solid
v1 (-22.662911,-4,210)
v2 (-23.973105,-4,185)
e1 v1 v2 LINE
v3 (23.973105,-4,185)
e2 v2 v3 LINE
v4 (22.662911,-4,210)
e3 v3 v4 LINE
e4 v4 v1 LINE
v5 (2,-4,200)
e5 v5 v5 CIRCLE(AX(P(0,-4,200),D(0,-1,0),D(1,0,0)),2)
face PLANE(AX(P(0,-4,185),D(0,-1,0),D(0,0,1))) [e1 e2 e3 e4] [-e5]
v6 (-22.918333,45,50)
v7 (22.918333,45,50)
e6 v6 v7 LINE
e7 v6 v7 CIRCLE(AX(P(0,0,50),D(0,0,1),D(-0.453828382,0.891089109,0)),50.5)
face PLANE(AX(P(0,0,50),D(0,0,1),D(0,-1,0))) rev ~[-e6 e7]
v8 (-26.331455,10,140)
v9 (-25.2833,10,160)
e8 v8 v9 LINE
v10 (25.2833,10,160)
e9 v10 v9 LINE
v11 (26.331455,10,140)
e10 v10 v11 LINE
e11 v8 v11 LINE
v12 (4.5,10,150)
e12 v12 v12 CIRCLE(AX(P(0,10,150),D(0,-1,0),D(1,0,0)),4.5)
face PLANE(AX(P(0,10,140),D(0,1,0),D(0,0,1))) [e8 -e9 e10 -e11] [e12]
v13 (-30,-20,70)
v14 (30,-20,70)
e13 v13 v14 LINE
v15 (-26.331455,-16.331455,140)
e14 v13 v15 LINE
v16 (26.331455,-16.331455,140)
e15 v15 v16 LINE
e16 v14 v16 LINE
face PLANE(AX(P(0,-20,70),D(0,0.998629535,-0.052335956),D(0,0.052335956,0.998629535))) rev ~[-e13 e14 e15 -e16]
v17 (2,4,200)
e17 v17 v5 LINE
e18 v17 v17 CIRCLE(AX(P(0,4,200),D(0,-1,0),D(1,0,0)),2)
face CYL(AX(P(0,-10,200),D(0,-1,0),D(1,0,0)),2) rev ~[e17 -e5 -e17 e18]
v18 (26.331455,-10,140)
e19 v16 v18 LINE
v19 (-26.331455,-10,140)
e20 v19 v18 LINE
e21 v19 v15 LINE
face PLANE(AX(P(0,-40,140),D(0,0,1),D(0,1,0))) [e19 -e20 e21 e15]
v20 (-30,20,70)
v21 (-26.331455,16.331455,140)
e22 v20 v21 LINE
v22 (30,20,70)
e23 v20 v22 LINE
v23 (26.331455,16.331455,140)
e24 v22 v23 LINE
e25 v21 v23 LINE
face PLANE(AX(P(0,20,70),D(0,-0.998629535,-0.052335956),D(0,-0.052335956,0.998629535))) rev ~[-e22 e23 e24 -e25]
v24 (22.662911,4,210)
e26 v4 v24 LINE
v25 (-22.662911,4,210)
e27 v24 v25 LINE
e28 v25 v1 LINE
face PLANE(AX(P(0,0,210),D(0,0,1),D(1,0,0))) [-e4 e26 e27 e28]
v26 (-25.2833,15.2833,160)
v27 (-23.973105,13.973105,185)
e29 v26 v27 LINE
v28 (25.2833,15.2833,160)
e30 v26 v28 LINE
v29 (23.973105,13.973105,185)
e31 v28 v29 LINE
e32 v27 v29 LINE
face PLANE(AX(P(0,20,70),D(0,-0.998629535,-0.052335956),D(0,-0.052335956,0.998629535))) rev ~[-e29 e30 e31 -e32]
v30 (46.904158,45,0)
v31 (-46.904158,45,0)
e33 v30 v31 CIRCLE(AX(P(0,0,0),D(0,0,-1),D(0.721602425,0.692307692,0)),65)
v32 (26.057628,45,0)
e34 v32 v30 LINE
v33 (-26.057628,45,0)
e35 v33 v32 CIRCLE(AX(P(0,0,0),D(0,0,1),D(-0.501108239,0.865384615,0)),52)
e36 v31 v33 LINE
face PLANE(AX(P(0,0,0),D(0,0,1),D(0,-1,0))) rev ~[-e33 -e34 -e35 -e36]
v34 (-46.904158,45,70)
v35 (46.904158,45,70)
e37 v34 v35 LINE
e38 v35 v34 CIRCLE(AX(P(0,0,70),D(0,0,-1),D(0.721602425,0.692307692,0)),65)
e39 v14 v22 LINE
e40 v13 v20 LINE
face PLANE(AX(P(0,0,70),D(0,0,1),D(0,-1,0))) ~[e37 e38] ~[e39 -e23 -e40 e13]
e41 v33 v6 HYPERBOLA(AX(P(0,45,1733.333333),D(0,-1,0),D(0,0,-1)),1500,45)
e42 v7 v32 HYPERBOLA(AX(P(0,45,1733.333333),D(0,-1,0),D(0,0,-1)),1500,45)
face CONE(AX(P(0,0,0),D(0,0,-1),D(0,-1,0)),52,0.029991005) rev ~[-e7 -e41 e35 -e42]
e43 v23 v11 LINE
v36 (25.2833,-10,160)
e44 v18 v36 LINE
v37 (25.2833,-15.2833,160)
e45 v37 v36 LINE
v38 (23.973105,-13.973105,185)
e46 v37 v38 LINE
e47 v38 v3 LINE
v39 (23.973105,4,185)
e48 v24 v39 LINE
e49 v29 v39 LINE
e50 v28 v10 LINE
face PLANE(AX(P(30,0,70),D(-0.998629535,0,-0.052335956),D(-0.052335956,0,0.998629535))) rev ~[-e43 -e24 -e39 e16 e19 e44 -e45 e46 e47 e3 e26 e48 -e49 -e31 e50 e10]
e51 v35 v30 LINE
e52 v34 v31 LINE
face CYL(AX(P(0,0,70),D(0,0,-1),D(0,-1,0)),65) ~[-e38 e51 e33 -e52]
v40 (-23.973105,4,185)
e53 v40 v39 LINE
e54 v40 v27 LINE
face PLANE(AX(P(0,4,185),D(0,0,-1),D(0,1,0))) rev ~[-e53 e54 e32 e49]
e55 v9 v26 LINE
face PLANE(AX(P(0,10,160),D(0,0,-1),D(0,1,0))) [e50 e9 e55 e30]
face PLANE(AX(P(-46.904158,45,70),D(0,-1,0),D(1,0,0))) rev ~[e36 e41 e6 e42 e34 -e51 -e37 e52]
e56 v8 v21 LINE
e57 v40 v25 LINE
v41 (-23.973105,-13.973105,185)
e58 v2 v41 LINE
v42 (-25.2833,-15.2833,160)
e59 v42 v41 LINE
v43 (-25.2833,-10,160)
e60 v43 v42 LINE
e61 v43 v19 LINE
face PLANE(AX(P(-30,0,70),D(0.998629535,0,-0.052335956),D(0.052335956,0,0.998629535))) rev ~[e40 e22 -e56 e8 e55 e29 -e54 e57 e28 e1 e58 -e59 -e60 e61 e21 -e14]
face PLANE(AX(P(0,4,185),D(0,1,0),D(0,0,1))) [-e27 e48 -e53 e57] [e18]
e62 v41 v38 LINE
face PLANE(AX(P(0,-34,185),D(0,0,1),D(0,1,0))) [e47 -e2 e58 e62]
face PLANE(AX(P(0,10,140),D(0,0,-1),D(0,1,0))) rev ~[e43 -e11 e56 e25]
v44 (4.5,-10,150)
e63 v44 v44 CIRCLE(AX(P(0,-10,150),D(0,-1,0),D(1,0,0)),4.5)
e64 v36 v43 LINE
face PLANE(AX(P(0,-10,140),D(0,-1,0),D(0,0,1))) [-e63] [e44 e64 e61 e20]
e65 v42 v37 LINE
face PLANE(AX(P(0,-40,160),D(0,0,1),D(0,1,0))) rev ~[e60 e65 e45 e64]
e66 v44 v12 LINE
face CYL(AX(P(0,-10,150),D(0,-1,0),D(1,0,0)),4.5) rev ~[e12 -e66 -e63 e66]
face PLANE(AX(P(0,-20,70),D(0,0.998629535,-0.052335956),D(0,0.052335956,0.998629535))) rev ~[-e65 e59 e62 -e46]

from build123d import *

# Parameters (mm, degrees)
F2_W      = 60
F2_H      = 40
F3_DEPTH  = 140
F3_TAPER  = 3
F4_W      = 30
F4_H      = 20
F5_DEPTH  = 150
F6_R      = 4.5
F6_R_2    = 2
F7_DEPTH  = 150
F8_W      = 30
F8_H      = 25
F9_DEPTH  = 150
F10_W     = 93.8083151965
F10_H     = 20
F11_DEPTH = 70.001


with BuildPart() as f1:
    # F0 (on Right) → F1 (revolve)
    with BuildSketch(Plane.YZ):
        Polygon((-65, 0), (-52, 0), (-50.5, 50), (0, 50), (0, 70), (-65, 70), align=None)
    revolve(axis=Axis((0, 0, 53.9928800981), (0, 0, 1)))

    # F2 (on face) → F3 (join)
    with BuildSketch(Plane.XY.offset(70)):
        Rectangle(F2_W, F2_H)
    extrude(amount=F3_DEPTH, taper=F3_TAPER)

    # F4 (on Right) → F5 (cut, symmetric)
    with BuildSketch(Plane.YZ):
        with Locations((-25, 150)):
            Rectangle(F4_W, F4_H)
        with Locations((25, 150)):
            Rectangle(F4_W, F4_H)
    extrude(amount=F5_DEPTH, both=True, mode=Mode.SUBTRACT)

    # F6 (on face) → F7 (cut, symmetric)
    with BuildSketch(Plane.XZ.offset(10)):
        with Locations((0, 150)):
            Circle(F6_R)
        with Locations((0, 200)):
            Circle(F6_R_2)
    extrude(amount=F7_DEPTH, both=True, mode=Mode.SUBTRACT)

    # F8 (on Right) → F9 (cut, symmetric)
    with BuildSketch(Plane.YZ):
        with Locations((-19, 197.5)):
            Rectangle(F8_W, F8_H)
        with Locations((19, 197.5)):
            Rectangle(F8_W, F8_H)
    extrude(amount=F9_DEPTH, both=True, mode=Mode.SUBTRACT)

    # F10 (on face) → F11 (cut, through all)
    with BuildSketch(Plane.XY.offset(70)):
        with Locations((0, 55)):
            Rectangle(F10_W, F10_H)
    extrude(amount=-F11_DEPTH, mode=Mode.SUBTRACT)


solid = f1.part
